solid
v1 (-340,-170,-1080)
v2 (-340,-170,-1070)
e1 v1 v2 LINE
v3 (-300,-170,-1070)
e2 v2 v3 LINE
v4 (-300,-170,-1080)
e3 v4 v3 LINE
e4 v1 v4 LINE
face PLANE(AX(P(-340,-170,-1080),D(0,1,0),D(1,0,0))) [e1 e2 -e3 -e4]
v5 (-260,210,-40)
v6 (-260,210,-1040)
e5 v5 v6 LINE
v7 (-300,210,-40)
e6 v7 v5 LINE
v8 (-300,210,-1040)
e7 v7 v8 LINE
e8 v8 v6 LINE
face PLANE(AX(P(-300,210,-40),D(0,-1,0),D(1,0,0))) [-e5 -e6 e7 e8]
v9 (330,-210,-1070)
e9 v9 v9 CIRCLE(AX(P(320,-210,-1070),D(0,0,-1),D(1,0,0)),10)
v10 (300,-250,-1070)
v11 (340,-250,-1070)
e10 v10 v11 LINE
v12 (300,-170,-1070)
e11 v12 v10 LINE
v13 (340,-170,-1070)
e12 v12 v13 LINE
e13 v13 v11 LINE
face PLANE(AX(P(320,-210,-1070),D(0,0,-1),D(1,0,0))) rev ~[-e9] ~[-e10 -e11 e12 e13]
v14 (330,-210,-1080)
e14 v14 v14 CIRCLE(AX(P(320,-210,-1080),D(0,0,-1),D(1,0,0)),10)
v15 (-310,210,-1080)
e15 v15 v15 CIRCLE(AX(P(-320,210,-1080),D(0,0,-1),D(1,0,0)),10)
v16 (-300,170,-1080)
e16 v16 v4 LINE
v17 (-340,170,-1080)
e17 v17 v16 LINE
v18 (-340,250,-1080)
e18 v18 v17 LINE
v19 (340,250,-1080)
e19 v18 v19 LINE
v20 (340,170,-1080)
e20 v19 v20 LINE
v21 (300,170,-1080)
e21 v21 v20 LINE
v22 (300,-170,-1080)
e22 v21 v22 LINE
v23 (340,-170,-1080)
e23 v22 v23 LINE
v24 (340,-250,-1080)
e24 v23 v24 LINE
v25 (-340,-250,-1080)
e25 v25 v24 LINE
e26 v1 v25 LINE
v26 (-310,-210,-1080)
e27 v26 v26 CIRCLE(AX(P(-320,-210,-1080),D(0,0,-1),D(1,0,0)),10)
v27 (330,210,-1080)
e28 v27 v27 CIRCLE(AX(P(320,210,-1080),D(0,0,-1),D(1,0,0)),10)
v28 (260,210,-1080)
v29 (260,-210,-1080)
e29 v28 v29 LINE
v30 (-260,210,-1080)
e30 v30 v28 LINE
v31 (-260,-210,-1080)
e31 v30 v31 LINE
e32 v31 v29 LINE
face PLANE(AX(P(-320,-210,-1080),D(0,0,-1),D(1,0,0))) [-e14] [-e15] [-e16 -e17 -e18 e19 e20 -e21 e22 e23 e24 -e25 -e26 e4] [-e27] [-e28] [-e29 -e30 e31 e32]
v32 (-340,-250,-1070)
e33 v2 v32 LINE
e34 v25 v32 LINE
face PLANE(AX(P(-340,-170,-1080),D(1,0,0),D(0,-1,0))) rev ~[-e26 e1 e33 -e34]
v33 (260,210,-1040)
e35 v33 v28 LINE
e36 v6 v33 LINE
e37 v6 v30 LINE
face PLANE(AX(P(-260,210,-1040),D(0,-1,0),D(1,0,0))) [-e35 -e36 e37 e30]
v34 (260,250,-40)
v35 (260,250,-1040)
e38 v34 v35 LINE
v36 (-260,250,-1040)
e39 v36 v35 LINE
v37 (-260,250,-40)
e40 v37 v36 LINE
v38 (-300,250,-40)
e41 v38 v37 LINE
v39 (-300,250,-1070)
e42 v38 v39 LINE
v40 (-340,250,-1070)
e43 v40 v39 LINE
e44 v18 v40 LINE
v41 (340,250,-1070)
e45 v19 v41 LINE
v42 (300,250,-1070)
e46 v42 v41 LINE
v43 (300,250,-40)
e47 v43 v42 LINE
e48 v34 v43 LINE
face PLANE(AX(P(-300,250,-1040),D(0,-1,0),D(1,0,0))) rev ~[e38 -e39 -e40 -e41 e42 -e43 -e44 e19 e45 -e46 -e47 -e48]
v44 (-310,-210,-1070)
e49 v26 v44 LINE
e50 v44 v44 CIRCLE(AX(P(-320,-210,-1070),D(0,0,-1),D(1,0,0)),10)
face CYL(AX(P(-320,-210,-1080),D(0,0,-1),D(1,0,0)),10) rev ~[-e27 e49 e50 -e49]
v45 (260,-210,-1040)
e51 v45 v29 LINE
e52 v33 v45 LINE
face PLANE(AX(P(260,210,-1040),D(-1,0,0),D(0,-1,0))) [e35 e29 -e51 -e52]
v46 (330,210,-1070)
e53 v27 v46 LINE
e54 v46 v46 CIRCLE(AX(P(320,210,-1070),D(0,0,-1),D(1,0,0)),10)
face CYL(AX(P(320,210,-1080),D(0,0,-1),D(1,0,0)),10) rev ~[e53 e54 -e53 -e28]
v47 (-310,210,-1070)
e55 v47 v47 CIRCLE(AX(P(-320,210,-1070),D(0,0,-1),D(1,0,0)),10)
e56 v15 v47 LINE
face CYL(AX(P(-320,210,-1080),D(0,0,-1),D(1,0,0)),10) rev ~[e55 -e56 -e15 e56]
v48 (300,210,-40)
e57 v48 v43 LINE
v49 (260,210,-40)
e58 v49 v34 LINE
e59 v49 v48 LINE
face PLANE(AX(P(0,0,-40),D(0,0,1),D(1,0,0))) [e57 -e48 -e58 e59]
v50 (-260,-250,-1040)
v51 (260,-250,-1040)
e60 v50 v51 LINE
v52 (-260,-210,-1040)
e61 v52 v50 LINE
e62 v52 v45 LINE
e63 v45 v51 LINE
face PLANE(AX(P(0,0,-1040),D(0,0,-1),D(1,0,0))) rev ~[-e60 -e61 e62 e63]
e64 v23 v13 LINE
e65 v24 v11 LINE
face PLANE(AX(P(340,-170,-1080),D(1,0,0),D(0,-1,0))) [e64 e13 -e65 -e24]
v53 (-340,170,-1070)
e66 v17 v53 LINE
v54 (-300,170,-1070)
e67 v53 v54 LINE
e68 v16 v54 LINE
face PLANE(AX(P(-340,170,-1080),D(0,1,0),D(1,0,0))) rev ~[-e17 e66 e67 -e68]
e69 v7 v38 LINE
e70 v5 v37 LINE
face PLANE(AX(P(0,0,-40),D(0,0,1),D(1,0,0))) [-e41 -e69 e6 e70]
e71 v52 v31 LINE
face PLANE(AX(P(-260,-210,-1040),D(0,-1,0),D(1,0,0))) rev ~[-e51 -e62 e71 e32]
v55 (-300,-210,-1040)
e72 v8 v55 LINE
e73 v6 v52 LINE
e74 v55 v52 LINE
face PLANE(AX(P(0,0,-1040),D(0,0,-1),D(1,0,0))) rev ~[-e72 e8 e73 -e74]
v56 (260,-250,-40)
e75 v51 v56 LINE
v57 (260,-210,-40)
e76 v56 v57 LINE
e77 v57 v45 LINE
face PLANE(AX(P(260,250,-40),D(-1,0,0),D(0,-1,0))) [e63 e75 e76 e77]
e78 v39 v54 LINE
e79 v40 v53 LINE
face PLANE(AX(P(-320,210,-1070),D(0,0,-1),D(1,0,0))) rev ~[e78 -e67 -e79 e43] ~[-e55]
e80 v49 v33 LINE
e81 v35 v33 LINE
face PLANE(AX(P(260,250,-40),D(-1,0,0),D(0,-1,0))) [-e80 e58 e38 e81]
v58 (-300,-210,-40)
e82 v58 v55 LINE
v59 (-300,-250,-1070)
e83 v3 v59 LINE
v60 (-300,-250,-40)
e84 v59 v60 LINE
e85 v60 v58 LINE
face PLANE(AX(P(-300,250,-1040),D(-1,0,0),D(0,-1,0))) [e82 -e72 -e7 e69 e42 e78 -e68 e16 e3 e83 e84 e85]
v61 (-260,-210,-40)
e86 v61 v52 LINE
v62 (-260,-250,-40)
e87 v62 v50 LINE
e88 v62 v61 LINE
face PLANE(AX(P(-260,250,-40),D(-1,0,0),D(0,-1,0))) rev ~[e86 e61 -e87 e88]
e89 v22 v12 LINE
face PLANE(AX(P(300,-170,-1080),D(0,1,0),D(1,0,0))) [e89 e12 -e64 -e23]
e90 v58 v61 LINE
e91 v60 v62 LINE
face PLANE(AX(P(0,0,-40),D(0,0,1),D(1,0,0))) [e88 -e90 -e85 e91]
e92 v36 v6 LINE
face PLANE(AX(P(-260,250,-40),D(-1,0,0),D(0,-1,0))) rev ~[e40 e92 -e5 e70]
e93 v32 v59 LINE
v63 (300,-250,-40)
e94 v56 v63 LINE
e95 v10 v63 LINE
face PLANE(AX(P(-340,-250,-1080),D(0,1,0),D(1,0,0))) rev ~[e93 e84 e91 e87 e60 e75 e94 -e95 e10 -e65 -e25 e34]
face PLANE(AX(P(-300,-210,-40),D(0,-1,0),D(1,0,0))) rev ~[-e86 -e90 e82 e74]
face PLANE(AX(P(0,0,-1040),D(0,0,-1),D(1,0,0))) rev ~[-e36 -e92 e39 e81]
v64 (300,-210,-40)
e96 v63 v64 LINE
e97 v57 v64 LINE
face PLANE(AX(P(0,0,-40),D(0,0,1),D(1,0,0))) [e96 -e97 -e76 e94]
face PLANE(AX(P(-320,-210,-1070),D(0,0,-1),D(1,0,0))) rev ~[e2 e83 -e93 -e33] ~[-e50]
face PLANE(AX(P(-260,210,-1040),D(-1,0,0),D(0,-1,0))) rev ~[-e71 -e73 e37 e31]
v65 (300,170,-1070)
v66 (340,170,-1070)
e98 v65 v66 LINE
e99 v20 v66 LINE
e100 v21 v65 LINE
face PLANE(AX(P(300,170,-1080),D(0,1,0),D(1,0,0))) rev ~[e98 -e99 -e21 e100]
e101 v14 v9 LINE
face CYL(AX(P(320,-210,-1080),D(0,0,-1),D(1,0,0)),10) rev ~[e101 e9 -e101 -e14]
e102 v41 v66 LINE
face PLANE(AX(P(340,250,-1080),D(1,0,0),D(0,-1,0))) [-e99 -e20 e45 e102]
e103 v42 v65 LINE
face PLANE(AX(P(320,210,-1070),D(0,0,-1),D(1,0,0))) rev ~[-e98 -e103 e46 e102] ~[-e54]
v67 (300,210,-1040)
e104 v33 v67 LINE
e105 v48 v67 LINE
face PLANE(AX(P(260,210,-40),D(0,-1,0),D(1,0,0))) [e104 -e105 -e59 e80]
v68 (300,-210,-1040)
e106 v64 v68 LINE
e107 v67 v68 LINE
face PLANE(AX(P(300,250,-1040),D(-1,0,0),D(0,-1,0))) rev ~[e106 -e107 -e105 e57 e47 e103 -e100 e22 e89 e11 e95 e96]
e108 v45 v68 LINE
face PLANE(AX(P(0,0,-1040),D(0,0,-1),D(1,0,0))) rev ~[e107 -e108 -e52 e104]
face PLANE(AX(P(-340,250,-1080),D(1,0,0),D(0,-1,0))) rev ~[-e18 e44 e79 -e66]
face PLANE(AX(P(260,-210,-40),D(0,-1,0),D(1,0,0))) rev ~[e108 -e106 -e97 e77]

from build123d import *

# Parameters (mm, degrees)
F0_W     = 40
F0_H     = 500
F1_DEPTH = 40
F2_W     = 40
F2_H     = 40
F3_DEPTH = 1000
F4_W     = 600
F4_H     = 500
F4_W_2   = 520
F4_H_2   = 420
F5_DEPTH = 40
F6_W     = 40
F6_H     = 80
F6_R     = 10
F7_DEPTH = 10
F8_W     = 600
F8_H     = 500
F9_DEPTH = 40


with BuildPart() as f1:
    # F0 (on Top) → F1 (new body)
    with BuildSketch(Plane.XY):
        with Locations((280, 0)):
            Rectangle(F0_W, F0_H)
        with Locations((-280, 0)):
            Rectangle(F0_W, F0_H)
    extrude(amount=-F1_DEPTH)

    # F2 (on face) → F3 (join)
    with BuildSketch(Plane(origin=(0, 0, -40), x_dir=(1, 0, 0), z_dir=(0, 0, -1))):
        with Locations((280, -230)):
            Rectangle(F2_W, F2_H)
        with Locations((-280, -230)):
            Rectangle(F2_W, F2_H)
        with Locations((280, 230)):
            Rectangle(F2_W, F2_H)
        with Locations((-280, 230)):
            Rectangle(F2_W, F2_H)
    extrude(amount=F3_DEPTH)

    # F4 (on face) → F5 (join)
    with BuildSketch(Plane(origin=(0, 0, -1040), x_dir=(1, 0, 0), z_dir=(0, 0, -1))):
        Rectangle(F4_W, F4_H)
        Rectangle(F4_W_2, F4_H_2, mode=Mode.SUBTRACT)
    extrude(amount=F5_DEPTH)

    # F6 (on face) → F7 (join)
    with BuildSketch(Plane(origin=(0, 0, -1080), x_dir=(1, 0, 0), z_dir=(0, 0, -1))):
        with Locations((-320, 210)):
            Rectangle(F6_W, F6_H)
        with Locations((-320, 210)):
            Circle(F6_R, mode=Mode.SUBTRACT)
        with Locations((320, 210)):
            Rectangle(F6_W, F6_H)
        with Locations((320, 210)):
            Circle(F6_R, mode=Mode.SUBTRACT)
        with Locations((-320, -210)):
            Rectangle(F6_W, F6_H)
        with Locations((-320, -210)):
            Circle(F6_R, mode=Mode.SUBTRACT)
        with Locations((320, -210)):
            Rectangle(F6_W, F6_H)
        with Locations((320, -210)):
            Circle(F6_R, mode=Mode.SUBTRACT)
    extrude(amount=-F7_DEPTH)

    # F8 (on face) → F9 (cut)
    with BuildSketch(Plane.XY):
        Rectangle(F8_W, F8_H)
    extrude(amount=-F9_DEPTH, mode=Mode.SUBTRACT)


solid = f1.part
